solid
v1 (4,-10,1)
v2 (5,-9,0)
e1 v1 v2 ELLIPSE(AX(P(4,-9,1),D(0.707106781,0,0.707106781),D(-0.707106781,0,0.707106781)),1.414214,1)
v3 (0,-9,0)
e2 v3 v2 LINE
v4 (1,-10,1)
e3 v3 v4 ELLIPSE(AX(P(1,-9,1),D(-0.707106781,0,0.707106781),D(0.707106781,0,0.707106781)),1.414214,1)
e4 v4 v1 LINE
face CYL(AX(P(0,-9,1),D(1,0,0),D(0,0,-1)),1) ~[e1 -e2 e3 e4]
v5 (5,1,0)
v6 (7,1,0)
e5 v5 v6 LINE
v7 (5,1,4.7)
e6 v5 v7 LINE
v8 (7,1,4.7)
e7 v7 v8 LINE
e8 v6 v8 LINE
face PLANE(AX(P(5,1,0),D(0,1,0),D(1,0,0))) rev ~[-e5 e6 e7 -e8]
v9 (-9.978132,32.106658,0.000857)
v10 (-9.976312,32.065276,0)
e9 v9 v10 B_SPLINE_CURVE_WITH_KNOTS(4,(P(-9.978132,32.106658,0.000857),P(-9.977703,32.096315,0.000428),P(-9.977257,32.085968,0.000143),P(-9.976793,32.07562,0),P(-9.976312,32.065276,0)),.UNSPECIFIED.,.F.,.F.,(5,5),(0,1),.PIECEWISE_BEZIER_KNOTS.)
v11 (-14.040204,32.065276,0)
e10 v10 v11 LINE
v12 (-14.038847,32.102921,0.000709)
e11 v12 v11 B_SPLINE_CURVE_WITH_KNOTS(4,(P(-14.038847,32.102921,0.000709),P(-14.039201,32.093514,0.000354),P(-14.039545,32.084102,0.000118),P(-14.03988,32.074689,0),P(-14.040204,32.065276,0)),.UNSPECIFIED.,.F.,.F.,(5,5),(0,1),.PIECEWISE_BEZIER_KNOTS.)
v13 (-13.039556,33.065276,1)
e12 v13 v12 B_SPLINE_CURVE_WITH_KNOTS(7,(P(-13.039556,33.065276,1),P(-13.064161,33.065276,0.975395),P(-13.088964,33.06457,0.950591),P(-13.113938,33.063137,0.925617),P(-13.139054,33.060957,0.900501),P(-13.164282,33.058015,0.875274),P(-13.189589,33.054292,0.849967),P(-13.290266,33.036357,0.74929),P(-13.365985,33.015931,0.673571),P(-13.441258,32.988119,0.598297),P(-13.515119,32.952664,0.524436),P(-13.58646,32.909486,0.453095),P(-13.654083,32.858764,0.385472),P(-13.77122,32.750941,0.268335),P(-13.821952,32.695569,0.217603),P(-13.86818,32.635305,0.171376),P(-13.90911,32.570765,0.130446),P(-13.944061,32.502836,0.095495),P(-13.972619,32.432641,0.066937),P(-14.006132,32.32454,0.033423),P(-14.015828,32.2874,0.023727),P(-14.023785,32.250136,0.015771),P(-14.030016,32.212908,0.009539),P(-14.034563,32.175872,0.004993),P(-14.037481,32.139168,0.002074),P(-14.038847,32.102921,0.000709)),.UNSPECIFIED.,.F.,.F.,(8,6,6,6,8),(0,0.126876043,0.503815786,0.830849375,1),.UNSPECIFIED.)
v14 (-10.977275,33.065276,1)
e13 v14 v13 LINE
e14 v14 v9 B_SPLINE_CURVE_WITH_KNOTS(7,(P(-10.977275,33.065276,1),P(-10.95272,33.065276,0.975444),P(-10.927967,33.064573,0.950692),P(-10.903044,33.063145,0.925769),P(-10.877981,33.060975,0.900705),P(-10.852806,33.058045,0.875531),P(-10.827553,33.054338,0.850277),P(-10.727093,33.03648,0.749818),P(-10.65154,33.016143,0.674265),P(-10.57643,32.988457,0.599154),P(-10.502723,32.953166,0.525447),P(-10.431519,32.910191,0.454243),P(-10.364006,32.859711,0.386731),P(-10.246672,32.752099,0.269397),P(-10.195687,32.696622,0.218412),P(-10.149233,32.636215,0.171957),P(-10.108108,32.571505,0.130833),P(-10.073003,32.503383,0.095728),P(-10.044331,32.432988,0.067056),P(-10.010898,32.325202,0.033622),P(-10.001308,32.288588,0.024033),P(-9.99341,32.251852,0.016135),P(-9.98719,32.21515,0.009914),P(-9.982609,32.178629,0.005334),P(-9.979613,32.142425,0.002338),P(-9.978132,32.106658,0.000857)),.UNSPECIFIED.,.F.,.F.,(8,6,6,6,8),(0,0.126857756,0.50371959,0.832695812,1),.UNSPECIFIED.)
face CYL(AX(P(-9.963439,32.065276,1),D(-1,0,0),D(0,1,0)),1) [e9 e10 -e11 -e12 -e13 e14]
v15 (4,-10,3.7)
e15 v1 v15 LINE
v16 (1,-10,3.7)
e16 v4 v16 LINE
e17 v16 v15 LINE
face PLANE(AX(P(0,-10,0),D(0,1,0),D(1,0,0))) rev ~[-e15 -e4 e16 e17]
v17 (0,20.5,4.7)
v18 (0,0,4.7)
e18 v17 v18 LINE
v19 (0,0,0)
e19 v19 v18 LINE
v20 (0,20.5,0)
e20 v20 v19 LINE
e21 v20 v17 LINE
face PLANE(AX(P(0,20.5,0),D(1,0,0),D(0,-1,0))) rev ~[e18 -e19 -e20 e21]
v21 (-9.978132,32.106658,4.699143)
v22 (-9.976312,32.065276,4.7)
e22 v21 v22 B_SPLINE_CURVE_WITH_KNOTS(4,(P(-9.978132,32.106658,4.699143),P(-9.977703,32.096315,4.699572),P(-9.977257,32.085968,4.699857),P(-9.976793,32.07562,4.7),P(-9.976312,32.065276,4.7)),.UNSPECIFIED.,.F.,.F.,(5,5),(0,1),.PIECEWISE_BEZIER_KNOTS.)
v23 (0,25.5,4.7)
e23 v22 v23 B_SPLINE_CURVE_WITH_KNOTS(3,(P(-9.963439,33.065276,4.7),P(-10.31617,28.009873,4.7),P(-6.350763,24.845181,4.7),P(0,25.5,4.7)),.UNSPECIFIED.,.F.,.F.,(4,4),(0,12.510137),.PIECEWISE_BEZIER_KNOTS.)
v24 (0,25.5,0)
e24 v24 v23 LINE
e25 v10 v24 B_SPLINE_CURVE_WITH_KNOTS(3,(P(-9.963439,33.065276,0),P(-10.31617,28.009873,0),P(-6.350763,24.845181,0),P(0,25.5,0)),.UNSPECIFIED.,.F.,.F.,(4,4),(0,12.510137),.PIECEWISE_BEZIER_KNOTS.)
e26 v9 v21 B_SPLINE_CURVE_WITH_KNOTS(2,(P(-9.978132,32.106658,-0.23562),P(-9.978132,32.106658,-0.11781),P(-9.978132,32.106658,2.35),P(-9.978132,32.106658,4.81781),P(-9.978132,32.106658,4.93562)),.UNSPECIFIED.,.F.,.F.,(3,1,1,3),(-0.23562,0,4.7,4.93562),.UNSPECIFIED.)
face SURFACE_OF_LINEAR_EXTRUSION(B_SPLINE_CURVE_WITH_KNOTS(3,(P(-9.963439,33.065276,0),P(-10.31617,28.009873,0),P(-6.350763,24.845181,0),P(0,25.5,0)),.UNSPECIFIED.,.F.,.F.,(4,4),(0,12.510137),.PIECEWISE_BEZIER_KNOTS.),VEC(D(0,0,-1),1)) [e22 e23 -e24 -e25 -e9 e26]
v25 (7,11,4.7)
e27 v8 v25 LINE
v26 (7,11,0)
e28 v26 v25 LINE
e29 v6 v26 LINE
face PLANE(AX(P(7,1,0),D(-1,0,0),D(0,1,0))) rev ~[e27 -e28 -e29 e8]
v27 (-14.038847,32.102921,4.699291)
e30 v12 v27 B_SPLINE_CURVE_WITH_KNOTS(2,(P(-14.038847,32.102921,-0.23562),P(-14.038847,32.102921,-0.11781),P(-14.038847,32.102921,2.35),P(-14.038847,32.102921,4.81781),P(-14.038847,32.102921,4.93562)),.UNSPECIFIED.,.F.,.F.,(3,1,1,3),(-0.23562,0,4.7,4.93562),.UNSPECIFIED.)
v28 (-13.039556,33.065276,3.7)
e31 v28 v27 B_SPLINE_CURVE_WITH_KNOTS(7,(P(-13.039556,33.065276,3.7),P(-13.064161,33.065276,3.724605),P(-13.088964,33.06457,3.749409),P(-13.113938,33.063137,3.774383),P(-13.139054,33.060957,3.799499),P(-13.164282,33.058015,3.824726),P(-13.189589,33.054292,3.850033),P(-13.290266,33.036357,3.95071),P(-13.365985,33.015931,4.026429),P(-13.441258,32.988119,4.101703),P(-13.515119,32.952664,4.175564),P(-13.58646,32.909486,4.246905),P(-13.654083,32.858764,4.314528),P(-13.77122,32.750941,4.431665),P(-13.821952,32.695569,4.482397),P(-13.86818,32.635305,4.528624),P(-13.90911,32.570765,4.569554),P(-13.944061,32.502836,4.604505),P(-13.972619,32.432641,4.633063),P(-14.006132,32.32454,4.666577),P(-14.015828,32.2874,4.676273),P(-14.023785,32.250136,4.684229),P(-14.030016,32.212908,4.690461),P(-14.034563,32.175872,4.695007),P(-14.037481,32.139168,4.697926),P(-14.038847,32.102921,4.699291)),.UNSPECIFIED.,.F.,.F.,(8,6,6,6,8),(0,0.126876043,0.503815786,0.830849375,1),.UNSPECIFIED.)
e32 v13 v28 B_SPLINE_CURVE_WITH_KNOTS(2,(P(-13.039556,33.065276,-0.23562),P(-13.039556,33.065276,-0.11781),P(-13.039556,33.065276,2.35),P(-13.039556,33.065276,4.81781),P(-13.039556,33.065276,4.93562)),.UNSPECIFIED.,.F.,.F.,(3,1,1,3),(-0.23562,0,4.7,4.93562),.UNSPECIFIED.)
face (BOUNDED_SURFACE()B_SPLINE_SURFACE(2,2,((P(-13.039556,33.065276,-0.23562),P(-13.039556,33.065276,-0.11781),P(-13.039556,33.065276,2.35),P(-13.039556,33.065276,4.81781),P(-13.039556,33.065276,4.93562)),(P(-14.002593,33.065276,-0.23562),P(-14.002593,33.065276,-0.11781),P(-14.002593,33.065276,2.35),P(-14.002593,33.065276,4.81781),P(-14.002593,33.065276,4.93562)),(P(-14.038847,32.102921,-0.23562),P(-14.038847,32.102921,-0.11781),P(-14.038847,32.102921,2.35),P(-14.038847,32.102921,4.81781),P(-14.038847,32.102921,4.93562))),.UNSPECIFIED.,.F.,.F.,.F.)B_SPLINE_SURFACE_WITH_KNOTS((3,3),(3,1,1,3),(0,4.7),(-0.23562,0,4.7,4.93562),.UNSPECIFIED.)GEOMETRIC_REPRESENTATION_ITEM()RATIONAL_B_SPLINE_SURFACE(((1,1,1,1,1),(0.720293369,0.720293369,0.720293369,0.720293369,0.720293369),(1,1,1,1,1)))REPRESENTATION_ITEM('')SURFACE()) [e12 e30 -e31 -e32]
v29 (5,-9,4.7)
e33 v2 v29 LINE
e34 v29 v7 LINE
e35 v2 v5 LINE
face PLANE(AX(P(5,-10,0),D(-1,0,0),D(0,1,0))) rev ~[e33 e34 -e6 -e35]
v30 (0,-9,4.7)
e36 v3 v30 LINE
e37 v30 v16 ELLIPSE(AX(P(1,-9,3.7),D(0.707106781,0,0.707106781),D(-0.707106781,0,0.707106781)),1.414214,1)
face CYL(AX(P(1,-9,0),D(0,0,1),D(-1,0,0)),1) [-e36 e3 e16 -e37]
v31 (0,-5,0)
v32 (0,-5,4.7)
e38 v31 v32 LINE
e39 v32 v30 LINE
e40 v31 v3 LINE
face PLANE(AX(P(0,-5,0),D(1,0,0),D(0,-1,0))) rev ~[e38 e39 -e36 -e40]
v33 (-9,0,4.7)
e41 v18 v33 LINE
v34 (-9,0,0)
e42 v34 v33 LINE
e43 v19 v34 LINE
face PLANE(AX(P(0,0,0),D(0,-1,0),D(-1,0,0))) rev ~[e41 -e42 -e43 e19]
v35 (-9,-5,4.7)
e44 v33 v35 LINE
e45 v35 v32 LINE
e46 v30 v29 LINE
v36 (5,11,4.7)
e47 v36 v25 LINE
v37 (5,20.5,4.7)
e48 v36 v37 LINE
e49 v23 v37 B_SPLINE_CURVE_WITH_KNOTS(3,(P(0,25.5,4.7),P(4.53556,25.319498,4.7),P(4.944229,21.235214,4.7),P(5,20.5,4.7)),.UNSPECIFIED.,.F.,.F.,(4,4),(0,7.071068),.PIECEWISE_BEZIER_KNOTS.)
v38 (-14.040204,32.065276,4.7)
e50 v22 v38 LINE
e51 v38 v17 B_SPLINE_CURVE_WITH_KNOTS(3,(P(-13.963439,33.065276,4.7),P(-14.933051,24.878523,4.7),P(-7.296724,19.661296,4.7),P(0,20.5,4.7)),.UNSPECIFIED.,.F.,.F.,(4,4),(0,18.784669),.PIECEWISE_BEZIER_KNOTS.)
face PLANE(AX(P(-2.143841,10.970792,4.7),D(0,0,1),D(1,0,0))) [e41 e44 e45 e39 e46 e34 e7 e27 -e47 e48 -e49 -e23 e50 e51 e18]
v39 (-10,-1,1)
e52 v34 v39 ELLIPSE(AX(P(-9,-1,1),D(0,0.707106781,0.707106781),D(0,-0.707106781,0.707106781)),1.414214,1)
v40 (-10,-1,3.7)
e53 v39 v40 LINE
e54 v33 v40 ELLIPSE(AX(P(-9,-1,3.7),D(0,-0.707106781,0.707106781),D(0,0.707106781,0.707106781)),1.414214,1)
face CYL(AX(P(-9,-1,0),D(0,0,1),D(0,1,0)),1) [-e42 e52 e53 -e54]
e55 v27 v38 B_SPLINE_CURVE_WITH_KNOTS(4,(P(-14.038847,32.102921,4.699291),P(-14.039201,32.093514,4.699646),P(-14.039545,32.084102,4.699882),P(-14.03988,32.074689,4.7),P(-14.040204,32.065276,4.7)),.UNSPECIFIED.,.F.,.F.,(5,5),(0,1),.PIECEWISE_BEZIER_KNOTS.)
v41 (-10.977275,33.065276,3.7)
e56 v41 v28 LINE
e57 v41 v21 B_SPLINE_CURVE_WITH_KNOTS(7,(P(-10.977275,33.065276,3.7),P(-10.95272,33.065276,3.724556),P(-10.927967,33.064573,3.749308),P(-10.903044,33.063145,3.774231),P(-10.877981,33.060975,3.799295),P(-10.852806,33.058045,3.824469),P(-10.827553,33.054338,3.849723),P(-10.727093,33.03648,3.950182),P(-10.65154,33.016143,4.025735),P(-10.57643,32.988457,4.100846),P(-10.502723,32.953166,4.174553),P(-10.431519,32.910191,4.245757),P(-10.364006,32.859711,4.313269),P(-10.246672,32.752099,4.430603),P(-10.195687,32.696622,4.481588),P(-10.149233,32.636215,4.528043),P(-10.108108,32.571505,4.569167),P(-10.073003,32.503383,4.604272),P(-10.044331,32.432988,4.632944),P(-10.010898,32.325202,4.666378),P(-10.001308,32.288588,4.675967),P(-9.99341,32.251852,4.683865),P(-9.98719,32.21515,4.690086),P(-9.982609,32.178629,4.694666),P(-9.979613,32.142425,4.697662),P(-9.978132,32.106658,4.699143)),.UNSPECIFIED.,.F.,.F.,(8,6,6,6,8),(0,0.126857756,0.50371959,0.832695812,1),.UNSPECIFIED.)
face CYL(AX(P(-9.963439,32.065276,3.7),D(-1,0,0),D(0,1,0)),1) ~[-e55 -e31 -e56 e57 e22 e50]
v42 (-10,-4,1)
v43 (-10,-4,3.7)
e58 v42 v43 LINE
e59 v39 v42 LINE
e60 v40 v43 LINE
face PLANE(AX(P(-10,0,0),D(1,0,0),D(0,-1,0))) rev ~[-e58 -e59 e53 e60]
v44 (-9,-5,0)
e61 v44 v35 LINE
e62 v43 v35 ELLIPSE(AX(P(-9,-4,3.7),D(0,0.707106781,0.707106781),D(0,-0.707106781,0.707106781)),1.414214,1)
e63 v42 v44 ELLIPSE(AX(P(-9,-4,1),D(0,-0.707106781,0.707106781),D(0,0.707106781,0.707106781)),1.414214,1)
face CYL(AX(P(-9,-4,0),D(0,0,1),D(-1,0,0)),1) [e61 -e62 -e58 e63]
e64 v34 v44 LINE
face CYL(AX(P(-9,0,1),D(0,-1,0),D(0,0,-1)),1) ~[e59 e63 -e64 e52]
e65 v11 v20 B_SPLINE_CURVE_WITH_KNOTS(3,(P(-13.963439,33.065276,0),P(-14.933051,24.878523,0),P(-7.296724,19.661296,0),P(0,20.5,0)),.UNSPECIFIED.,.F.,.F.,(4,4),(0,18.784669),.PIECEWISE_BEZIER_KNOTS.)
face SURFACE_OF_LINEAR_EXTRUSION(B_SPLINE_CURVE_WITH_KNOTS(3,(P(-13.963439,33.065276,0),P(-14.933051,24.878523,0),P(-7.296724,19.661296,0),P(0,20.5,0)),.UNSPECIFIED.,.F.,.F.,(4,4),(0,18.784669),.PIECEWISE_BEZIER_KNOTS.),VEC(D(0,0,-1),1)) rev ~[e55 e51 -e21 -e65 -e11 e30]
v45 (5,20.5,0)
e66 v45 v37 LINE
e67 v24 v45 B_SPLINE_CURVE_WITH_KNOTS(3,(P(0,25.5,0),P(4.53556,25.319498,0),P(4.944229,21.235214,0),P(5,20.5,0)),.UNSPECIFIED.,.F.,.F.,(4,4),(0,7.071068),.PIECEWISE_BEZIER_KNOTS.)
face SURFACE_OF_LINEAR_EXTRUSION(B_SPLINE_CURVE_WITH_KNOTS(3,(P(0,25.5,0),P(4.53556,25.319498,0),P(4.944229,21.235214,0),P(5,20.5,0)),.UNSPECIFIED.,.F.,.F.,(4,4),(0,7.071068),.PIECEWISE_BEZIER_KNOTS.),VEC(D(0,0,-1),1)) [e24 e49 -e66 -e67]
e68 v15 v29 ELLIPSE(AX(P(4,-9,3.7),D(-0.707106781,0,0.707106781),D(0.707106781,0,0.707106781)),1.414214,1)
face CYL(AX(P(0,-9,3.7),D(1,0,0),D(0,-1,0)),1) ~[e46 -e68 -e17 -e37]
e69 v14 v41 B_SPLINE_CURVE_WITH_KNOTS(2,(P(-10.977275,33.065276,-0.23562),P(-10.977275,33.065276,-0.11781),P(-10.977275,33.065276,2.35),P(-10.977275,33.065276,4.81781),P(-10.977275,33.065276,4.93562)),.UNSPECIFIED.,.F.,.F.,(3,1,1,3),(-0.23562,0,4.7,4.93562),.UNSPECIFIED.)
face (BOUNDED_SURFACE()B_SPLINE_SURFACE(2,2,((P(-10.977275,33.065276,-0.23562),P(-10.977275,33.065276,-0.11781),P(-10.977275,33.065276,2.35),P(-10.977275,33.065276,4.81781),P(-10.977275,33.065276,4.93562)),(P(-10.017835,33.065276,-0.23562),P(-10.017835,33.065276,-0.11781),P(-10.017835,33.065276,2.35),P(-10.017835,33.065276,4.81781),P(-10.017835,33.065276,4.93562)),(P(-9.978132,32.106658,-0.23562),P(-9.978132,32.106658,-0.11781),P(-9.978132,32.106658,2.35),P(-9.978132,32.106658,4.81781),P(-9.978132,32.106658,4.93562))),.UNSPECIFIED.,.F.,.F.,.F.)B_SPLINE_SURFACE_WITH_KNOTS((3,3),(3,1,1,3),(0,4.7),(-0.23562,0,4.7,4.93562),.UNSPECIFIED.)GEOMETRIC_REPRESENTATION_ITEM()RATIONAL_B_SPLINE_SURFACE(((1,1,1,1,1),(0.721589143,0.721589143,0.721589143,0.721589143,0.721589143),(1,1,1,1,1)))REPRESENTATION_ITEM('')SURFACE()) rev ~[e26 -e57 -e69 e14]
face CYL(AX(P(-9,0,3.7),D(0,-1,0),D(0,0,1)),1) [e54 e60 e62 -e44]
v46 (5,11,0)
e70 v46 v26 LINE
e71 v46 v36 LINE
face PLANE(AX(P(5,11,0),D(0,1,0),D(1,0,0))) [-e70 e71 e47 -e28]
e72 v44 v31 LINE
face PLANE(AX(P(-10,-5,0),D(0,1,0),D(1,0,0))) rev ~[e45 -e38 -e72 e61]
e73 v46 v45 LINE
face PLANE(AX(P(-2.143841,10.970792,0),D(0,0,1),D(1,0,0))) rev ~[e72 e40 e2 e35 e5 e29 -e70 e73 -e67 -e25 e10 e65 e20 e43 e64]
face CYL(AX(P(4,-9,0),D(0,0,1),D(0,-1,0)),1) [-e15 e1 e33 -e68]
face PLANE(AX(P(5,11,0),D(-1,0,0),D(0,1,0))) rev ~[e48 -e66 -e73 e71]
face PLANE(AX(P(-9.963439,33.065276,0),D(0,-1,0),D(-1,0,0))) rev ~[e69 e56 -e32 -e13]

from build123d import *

# Parameters (mm, degrees)
F0_W     = 2
F0_H     = 10
F1_DEPTH = 4.7
F2_R     = 1
F3_R     = 1
F4_R     = 1


with BuildPart() as f1:
    # F0 (on Top) → F1 (new body)
    with BuildSketch(Plane.XY):
        with BuildLine():
            Line((-9.963439, 33.065276), (-13.963439, 33.065276))
            add(Edge.make_bspline(
                [(-13.963439, 33.065276), (-14.933051, 24.878523), (-7.296724, 19.661296), (0, 20.5)],
                knots=[0, 0, 0, 0, 18.784669, 18.784669, 18.784669, 18.784669], degree=3))
            Line((0, 20.5), (0, 0))
            Line((0, 0), (-10, 0))
            Line((-10, 0), (-10, -5))
            Line((-10, -5), (0, -5))
            Line((0, -5), (0, -10))
            Line((0, -10), (5, -10))
            Line((5, -10), (5, 1))
            Line((5, 1), (5, 11))
            Line((5, 11), (5, 20.5))
            add(Edge.make_bspline(
                [(0, 25.5), (4.53556, 25.319498), (4.944229, 21.235214), (5, 20.5)],
                knots=[0, 0, 0, 0, 7.071068, 7.071068, 7.071068, 7.071068], degree=3))
            add(Edge.make_bspline(
                [(-9.963439, 33.065276), (-10.31617, 28.009873), (-6.350763, 24.845181), (0, 25.5)],
                knots=[0, 0, 0, 0, 12.510137, 12.510137, 12.510137, 12.510137], degree=3))
        make_face()
        with Locations((6, 6)):
            Rectangle(F0_W, F0_H)
    extrude(amount=F1_DEPTH)

    # F2
    f2_edges = [f1.edges().sort_by_distance(p)[0] for p in [
        (-9.963439, 33.065276, 2.35),
        (-13.963439, 33.065276, 2.35),
        (-11.963439, 33.065276, 0),
        (-11.963439, 33.065276, 4.7),
    ]]
    fillet(f2_edges, radius=F2_R)

    # F3
    f3_edges = [f1.edges().sort_by_distance(p)[0] for p in [
        (-10, 0, 2.35),
        (-10, -5, 2.35),
        (-10, -2.5, 0),
        (-10, -2.5, 4.7),
    ]]
    fillet(f3_edges, radius=F3_R)

    # F4
    f4_edges = [f1.edges().sort_by_distance(p)[0] for p in [
        (0, -10, 2.35),
        (5, -10, 2.35),
        (2.5, -10, 0),
        (2.5, -10, 4.7),
    ]]
    fillet(f4_edges, radius=F4_R)


solid = f1.part
